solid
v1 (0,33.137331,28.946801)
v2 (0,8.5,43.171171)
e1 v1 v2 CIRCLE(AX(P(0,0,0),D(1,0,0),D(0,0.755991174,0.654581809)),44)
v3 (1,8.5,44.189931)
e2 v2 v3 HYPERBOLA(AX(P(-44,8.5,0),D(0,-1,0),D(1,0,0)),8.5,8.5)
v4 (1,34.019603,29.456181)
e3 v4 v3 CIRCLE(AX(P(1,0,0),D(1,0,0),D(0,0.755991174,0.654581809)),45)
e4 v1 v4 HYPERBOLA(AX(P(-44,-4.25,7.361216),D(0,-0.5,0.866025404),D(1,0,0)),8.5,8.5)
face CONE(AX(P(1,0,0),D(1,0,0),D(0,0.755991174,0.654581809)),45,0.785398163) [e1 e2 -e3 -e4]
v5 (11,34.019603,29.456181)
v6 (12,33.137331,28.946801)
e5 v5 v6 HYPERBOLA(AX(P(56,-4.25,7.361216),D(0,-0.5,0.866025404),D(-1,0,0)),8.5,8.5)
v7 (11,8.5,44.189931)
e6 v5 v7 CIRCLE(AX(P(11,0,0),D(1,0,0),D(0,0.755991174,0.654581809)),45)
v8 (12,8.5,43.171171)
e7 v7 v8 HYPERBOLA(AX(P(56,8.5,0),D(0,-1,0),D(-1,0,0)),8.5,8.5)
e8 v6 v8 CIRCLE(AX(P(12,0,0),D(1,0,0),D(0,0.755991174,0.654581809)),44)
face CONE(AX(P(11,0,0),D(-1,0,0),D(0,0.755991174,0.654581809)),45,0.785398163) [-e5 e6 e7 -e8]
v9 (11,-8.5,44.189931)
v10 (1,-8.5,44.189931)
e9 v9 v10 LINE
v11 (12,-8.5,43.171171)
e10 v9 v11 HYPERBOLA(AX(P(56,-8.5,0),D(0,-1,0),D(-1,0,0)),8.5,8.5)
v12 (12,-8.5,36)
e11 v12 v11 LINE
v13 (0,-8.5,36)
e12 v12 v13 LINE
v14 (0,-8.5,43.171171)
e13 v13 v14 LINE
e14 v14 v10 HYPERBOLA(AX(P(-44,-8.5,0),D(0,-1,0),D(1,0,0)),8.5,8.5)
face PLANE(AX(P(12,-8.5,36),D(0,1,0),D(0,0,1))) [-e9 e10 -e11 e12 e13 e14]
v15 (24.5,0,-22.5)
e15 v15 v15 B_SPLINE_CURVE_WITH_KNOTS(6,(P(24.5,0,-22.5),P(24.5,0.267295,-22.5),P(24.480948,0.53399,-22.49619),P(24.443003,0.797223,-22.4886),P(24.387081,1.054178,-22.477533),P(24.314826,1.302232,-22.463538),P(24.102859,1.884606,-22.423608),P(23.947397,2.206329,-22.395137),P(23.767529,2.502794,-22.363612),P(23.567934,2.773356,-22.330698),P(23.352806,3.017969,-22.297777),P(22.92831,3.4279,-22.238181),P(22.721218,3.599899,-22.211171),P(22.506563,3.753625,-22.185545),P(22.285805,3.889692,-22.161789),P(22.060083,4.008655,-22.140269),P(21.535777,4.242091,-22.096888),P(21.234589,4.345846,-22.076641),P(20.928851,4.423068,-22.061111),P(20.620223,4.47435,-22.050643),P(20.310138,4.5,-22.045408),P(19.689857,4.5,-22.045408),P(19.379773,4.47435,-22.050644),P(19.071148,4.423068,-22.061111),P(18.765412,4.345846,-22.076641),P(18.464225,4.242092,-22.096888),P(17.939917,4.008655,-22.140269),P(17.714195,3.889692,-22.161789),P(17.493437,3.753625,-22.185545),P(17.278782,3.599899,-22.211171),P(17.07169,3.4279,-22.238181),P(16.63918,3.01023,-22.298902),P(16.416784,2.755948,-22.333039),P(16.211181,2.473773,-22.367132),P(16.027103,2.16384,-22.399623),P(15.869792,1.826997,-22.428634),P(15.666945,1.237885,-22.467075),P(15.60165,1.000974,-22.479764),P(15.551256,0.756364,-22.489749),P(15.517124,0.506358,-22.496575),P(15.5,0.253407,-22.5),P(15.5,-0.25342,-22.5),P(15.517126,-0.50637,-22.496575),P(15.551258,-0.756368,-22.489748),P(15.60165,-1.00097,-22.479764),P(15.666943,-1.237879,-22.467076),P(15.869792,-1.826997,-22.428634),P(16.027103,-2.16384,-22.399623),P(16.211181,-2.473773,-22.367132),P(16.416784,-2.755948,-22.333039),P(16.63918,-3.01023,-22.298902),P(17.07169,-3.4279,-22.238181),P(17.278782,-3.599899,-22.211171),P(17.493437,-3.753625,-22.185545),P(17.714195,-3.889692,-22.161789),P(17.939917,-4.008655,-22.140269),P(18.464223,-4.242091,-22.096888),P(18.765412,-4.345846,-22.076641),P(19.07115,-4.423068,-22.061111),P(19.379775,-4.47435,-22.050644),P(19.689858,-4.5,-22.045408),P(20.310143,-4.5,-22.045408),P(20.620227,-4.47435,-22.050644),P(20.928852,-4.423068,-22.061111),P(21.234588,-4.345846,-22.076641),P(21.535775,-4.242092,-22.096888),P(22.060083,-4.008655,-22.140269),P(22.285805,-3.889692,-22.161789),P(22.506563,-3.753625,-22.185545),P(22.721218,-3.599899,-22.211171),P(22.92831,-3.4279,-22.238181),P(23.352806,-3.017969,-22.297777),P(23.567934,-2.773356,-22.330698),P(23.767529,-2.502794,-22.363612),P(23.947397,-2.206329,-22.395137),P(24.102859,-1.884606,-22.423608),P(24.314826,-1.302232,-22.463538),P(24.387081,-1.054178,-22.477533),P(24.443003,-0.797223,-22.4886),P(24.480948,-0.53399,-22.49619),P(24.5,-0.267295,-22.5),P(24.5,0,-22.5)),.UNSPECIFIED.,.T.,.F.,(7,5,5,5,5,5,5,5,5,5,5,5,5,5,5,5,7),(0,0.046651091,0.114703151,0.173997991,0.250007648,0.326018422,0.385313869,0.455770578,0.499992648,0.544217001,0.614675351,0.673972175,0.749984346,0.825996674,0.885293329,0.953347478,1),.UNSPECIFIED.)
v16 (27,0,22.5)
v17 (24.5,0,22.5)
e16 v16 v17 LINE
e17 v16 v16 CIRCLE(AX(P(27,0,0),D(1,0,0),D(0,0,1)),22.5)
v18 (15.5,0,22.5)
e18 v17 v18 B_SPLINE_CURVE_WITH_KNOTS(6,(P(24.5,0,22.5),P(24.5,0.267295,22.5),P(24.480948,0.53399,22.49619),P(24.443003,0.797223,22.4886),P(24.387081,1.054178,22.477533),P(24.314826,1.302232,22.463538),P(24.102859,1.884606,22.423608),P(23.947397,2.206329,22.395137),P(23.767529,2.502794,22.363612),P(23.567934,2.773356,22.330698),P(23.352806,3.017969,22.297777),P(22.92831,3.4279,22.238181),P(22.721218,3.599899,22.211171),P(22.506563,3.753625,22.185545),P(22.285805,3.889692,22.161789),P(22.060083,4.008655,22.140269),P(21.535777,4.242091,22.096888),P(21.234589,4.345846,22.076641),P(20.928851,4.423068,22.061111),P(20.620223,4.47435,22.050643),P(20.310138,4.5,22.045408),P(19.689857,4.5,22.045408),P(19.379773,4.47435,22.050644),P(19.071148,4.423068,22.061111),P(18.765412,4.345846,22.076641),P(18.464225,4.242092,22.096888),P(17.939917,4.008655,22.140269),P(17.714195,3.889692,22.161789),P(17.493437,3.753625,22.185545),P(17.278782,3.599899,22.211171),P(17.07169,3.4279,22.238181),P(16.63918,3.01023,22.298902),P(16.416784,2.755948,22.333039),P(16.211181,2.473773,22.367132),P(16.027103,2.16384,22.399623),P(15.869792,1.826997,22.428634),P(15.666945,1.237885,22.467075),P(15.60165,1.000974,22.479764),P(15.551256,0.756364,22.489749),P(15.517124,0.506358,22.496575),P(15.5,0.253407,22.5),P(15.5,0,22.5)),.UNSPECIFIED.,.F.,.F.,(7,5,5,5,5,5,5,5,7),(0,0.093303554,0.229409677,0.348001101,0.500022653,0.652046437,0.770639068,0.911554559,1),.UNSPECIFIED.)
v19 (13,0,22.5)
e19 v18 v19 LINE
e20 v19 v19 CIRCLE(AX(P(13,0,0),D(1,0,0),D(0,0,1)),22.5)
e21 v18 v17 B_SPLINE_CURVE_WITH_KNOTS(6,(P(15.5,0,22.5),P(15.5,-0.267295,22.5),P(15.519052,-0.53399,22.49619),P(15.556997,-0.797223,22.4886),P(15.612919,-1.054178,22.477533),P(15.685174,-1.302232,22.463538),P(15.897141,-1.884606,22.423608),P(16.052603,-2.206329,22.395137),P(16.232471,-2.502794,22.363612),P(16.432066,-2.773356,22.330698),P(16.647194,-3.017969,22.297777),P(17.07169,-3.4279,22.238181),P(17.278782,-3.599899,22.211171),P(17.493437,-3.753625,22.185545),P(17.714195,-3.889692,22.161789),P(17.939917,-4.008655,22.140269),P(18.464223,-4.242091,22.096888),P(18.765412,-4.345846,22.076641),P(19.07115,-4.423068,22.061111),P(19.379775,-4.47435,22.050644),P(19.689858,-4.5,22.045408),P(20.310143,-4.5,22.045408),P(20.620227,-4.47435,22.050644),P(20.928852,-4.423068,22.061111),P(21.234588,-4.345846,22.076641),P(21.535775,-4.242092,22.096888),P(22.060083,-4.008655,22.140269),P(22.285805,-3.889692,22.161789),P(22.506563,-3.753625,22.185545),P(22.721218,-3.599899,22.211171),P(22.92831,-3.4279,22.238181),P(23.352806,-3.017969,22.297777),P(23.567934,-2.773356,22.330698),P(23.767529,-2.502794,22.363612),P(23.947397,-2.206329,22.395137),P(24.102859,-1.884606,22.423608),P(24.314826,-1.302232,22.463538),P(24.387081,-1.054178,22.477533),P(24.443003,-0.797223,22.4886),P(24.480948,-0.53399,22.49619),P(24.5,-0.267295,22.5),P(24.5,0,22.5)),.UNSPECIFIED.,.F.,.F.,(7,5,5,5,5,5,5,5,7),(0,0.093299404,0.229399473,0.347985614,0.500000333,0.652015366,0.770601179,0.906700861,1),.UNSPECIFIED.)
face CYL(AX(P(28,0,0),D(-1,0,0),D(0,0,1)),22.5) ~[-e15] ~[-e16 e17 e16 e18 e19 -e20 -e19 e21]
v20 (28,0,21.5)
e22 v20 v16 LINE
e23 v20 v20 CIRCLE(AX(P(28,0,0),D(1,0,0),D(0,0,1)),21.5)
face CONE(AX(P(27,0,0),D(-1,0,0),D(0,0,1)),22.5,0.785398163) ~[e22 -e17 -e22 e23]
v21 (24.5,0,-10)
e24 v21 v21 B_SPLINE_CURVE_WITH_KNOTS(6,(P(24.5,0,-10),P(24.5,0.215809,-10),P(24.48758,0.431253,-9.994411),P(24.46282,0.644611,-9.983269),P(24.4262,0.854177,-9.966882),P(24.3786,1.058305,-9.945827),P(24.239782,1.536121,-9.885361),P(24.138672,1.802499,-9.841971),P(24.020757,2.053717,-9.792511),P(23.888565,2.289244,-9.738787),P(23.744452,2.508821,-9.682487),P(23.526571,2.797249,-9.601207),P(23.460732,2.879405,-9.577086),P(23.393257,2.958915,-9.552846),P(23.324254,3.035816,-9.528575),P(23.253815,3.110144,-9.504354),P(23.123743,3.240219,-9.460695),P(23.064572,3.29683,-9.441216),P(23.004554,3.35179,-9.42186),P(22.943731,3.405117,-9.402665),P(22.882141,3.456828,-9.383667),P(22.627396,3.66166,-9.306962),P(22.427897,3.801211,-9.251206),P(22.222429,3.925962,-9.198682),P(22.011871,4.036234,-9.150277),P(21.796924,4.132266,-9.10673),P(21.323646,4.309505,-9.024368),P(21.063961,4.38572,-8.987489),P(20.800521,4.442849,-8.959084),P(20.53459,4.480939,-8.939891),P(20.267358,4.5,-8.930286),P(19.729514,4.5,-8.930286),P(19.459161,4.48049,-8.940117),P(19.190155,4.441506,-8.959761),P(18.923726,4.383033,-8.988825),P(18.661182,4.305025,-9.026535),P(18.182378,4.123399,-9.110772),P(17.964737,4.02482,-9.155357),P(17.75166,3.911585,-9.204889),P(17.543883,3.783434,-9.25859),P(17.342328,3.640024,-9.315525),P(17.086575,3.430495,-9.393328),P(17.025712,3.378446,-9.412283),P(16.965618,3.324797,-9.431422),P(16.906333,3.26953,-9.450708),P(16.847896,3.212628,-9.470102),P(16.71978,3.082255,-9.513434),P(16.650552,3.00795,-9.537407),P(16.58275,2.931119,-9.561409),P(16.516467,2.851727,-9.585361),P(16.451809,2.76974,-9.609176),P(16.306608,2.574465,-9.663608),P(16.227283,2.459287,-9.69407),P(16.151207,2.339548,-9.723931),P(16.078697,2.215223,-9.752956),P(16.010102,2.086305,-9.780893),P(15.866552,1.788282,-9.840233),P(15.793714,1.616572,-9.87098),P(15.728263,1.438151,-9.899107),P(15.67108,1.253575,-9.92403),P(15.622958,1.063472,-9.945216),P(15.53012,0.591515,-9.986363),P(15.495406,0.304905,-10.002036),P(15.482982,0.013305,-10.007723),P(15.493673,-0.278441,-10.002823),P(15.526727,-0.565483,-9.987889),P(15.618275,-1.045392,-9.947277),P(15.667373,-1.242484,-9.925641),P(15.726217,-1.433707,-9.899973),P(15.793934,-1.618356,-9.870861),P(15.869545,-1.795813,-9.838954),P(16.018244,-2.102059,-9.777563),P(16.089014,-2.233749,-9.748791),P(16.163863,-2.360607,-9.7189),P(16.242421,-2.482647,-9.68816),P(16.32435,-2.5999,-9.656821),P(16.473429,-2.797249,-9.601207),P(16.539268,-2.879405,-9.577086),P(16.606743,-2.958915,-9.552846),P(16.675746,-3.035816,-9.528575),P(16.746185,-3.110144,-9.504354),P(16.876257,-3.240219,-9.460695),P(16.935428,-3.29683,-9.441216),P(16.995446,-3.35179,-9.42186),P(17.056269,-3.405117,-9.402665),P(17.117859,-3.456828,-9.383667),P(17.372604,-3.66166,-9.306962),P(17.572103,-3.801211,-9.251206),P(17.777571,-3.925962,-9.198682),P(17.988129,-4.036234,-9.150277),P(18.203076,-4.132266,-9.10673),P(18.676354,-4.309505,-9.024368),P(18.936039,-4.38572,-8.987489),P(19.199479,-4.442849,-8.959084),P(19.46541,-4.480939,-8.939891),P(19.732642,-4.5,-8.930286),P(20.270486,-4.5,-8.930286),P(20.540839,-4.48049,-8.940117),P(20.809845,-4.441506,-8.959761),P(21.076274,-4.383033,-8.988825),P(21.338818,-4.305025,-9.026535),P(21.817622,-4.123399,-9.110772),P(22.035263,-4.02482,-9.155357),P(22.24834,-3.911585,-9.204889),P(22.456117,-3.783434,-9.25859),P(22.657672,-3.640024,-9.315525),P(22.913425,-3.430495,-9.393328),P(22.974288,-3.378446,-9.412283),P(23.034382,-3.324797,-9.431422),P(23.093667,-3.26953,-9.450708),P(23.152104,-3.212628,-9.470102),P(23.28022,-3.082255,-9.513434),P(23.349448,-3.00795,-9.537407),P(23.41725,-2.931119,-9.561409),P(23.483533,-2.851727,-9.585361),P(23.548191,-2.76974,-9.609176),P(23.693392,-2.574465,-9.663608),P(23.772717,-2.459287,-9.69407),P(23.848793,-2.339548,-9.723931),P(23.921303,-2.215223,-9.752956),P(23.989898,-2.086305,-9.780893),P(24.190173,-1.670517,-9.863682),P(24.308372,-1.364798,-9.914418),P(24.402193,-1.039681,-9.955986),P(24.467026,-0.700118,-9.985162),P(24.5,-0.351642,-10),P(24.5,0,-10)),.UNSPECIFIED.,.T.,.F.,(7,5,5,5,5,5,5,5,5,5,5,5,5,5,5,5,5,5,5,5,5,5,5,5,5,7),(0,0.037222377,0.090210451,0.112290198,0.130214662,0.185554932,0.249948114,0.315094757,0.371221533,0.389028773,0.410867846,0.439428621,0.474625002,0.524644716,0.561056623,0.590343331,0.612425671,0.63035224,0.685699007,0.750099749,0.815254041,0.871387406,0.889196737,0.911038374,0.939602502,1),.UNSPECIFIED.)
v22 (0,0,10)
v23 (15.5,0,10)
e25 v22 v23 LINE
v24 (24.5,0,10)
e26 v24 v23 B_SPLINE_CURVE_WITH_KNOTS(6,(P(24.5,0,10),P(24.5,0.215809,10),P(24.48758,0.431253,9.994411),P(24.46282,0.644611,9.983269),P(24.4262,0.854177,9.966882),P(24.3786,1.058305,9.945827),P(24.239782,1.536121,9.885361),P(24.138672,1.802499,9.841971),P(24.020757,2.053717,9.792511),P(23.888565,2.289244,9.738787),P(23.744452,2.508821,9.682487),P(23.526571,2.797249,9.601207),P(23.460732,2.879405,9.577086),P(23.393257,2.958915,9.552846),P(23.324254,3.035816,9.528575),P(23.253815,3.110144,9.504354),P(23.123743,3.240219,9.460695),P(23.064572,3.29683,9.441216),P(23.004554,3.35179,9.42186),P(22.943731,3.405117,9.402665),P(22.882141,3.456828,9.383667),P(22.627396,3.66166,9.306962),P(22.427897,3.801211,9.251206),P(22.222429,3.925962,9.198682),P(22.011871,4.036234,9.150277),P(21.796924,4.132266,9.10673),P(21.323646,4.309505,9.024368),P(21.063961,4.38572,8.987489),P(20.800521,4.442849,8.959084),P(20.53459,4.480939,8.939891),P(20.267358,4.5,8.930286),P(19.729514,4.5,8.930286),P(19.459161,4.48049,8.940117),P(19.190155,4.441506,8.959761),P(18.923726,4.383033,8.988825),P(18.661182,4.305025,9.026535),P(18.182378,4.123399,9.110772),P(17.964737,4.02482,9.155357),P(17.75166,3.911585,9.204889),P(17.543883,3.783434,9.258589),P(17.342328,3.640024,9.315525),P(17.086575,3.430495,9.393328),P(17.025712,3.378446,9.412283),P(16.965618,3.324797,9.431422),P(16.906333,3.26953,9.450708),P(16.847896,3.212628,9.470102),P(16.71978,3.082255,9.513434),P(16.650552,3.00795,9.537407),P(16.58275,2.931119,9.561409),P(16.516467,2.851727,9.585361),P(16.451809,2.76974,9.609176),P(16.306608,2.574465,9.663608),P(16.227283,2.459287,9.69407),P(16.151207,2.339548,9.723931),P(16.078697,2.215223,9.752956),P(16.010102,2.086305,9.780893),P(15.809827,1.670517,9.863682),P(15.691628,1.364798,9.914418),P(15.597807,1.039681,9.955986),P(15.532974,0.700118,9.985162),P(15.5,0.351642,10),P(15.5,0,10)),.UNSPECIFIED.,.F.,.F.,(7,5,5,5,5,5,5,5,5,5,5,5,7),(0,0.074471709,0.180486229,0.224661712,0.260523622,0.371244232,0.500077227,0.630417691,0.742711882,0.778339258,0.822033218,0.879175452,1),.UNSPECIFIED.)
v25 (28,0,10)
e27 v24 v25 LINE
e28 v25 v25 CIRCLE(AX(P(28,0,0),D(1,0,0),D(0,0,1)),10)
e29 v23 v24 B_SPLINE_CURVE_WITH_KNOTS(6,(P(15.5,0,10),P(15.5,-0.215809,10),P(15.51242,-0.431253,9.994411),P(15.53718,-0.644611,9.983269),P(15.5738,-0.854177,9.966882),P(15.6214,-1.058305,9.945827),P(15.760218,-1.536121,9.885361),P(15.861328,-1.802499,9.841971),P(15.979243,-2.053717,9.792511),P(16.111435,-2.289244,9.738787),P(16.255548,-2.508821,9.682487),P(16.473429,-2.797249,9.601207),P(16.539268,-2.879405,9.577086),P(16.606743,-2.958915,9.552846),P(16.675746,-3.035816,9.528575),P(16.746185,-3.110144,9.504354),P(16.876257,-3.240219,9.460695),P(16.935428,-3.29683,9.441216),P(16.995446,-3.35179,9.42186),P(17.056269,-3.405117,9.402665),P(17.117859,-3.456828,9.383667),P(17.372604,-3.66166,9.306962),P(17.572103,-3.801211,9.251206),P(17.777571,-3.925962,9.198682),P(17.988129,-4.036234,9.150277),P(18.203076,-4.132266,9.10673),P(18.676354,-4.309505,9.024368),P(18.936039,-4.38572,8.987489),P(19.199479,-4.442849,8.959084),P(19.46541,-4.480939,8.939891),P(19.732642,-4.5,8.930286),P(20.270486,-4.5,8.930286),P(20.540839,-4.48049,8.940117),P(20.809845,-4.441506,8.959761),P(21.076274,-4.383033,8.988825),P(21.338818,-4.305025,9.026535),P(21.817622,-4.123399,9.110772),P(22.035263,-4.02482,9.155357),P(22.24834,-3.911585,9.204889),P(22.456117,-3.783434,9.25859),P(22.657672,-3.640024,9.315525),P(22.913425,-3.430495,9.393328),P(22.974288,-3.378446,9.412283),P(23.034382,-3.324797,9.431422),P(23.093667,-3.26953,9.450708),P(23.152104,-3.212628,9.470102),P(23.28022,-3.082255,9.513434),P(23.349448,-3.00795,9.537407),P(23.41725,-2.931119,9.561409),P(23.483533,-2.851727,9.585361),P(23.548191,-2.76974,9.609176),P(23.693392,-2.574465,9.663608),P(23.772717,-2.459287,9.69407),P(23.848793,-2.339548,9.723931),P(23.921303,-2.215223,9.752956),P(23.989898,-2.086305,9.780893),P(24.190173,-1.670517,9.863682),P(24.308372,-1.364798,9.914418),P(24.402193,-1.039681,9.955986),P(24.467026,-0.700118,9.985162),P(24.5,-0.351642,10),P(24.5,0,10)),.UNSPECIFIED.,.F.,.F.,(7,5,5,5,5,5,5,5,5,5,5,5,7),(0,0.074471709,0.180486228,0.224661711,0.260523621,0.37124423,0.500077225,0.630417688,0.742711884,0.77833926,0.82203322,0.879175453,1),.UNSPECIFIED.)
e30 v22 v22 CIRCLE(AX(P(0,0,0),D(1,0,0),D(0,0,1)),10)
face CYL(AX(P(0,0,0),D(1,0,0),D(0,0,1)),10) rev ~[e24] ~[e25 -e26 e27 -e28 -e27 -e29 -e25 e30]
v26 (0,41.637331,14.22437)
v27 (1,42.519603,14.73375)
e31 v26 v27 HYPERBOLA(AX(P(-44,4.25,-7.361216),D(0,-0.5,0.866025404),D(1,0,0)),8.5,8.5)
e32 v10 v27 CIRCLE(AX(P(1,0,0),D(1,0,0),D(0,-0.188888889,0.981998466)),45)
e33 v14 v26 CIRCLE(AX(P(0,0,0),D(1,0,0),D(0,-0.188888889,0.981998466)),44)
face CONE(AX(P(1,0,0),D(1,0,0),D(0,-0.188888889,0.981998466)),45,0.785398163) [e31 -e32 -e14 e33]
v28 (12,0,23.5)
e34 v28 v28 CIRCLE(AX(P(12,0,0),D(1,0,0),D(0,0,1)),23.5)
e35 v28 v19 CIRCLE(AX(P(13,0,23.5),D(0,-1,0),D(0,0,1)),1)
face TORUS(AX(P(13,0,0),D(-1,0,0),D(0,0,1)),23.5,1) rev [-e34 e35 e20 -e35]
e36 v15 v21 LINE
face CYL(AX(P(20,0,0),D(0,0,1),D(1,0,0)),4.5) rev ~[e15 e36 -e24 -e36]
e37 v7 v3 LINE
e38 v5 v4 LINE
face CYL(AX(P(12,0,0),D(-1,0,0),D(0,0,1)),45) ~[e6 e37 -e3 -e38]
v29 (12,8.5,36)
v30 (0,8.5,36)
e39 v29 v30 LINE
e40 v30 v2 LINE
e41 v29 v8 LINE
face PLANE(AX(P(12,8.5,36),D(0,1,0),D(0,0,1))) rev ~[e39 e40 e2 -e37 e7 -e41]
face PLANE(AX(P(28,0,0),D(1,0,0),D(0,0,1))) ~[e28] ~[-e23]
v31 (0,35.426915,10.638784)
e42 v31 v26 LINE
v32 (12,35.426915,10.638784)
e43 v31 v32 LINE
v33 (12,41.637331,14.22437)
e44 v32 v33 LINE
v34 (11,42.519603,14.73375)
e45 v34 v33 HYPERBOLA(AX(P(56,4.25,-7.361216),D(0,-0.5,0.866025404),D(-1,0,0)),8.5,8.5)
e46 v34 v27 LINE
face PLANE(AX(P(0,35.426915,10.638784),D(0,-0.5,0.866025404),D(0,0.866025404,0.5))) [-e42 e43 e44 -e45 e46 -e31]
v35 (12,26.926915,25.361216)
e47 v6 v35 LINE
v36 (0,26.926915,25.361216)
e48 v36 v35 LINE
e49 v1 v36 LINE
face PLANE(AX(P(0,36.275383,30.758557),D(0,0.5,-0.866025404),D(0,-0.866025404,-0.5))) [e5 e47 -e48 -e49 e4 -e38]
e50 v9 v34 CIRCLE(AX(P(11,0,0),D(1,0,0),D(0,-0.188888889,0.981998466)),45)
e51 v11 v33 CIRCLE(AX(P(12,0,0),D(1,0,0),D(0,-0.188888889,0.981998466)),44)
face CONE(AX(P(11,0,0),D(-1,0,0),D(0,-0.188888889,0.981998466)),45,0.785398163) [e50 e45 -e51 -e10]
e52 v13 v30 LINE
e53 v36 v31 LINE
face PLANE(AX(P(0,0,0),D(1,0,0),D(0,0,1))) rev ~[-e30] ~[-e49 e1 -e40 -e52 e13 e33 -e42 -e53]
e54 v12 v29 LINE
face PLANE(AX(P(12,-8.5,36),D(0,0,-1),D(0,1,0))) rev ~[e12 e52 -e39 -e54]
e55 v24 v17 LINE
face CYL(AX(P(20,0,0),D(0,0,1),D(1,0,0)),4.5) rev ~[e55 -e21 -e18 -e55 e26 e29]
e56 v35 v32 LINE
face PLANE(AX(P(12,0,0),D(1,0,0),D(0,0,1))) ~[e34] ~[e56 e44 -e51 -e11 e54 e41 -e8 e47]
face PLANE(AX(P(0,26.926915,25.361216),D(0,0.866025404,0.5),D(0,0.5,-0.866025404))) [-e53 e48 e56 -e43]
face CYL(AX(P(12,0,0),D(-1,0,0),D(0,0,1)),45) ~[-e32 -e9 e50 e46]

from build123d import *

# Parameters (mm, degrees)
F3_R     = 4.5
F4_DEPTH = 25
F5_W     = 17
F5_H     = 14
F6_DEPTH = 25
F8_DEPTH = 25
F9_SIZE  = 1
F10_R    = 1


with BuildPart() as f2:
    # F0 (on Front) → F2 (revolve)
    with BuildSketch(Plane.XZ):
        Polygon((0, 45), (0, 10), (28, 10), (28, 22.5), (12, 22.5), (12, 45), align=None)
    revolve(axis=Axis((18.0693501607, 0, 0), (1, 0, 0)))

    # F3 (on Top) → F4 (cut, symmetric)
    with BuildSketch(Plane.XY):
        with Locations((20, 0)):
            Circle(F3_R)
    extrude(amount=F4_DEPTH, both=True, mode=Mode.SUBTRACT)

    # F5 (on face) → F6 (cut)
    with BuildSketch(Plane.YZ.offset(12)):
        with Locations((0, 43)):
            Rectangle(F5_W, F5_H)
    extrude(amount=-F6_DEPTH, mode=Mode.SUBTRACT)

    # F7 (on Right) → F8 (cut)
    with BuildSketch(Plane.YZ):
        Polygon((26.9269145362, 25.3612159322), (31.1769145362, 18), (40.5253827808, 23.3973406575), (36.2753827808, 30.7585565897), align=None)
        Polygon((40.5253827808, 23.3973406575), (31.1769145362, 18), (35.4269145362, 10.6387840678), (44.7753827808, 16.0361247254), align=None)
    extrude(amount=F8_DEPTH, mode=Mode.SUBTRACT)

    # F9
    f9_edges = [f2.edges().sort_by_distance(p)[0] for p in [
        (28, 0, -22.5),
        (12, 22.5, 38.971143),
        (0, 22.5, 38.971143),
        (0, -22.5, -38.971143),
        (12, -22.5, -38.971143),
    ]]
    chamfer(f9_edges, length=F9_SIZE)

    # F10
    f10_edges = [f2.edges().sort_by_distance(p)[0] for p in [
        (12, 0, -22.5),
    ]]
    fillet(f10_edges, radius=F10_R)


solid = f2.part
